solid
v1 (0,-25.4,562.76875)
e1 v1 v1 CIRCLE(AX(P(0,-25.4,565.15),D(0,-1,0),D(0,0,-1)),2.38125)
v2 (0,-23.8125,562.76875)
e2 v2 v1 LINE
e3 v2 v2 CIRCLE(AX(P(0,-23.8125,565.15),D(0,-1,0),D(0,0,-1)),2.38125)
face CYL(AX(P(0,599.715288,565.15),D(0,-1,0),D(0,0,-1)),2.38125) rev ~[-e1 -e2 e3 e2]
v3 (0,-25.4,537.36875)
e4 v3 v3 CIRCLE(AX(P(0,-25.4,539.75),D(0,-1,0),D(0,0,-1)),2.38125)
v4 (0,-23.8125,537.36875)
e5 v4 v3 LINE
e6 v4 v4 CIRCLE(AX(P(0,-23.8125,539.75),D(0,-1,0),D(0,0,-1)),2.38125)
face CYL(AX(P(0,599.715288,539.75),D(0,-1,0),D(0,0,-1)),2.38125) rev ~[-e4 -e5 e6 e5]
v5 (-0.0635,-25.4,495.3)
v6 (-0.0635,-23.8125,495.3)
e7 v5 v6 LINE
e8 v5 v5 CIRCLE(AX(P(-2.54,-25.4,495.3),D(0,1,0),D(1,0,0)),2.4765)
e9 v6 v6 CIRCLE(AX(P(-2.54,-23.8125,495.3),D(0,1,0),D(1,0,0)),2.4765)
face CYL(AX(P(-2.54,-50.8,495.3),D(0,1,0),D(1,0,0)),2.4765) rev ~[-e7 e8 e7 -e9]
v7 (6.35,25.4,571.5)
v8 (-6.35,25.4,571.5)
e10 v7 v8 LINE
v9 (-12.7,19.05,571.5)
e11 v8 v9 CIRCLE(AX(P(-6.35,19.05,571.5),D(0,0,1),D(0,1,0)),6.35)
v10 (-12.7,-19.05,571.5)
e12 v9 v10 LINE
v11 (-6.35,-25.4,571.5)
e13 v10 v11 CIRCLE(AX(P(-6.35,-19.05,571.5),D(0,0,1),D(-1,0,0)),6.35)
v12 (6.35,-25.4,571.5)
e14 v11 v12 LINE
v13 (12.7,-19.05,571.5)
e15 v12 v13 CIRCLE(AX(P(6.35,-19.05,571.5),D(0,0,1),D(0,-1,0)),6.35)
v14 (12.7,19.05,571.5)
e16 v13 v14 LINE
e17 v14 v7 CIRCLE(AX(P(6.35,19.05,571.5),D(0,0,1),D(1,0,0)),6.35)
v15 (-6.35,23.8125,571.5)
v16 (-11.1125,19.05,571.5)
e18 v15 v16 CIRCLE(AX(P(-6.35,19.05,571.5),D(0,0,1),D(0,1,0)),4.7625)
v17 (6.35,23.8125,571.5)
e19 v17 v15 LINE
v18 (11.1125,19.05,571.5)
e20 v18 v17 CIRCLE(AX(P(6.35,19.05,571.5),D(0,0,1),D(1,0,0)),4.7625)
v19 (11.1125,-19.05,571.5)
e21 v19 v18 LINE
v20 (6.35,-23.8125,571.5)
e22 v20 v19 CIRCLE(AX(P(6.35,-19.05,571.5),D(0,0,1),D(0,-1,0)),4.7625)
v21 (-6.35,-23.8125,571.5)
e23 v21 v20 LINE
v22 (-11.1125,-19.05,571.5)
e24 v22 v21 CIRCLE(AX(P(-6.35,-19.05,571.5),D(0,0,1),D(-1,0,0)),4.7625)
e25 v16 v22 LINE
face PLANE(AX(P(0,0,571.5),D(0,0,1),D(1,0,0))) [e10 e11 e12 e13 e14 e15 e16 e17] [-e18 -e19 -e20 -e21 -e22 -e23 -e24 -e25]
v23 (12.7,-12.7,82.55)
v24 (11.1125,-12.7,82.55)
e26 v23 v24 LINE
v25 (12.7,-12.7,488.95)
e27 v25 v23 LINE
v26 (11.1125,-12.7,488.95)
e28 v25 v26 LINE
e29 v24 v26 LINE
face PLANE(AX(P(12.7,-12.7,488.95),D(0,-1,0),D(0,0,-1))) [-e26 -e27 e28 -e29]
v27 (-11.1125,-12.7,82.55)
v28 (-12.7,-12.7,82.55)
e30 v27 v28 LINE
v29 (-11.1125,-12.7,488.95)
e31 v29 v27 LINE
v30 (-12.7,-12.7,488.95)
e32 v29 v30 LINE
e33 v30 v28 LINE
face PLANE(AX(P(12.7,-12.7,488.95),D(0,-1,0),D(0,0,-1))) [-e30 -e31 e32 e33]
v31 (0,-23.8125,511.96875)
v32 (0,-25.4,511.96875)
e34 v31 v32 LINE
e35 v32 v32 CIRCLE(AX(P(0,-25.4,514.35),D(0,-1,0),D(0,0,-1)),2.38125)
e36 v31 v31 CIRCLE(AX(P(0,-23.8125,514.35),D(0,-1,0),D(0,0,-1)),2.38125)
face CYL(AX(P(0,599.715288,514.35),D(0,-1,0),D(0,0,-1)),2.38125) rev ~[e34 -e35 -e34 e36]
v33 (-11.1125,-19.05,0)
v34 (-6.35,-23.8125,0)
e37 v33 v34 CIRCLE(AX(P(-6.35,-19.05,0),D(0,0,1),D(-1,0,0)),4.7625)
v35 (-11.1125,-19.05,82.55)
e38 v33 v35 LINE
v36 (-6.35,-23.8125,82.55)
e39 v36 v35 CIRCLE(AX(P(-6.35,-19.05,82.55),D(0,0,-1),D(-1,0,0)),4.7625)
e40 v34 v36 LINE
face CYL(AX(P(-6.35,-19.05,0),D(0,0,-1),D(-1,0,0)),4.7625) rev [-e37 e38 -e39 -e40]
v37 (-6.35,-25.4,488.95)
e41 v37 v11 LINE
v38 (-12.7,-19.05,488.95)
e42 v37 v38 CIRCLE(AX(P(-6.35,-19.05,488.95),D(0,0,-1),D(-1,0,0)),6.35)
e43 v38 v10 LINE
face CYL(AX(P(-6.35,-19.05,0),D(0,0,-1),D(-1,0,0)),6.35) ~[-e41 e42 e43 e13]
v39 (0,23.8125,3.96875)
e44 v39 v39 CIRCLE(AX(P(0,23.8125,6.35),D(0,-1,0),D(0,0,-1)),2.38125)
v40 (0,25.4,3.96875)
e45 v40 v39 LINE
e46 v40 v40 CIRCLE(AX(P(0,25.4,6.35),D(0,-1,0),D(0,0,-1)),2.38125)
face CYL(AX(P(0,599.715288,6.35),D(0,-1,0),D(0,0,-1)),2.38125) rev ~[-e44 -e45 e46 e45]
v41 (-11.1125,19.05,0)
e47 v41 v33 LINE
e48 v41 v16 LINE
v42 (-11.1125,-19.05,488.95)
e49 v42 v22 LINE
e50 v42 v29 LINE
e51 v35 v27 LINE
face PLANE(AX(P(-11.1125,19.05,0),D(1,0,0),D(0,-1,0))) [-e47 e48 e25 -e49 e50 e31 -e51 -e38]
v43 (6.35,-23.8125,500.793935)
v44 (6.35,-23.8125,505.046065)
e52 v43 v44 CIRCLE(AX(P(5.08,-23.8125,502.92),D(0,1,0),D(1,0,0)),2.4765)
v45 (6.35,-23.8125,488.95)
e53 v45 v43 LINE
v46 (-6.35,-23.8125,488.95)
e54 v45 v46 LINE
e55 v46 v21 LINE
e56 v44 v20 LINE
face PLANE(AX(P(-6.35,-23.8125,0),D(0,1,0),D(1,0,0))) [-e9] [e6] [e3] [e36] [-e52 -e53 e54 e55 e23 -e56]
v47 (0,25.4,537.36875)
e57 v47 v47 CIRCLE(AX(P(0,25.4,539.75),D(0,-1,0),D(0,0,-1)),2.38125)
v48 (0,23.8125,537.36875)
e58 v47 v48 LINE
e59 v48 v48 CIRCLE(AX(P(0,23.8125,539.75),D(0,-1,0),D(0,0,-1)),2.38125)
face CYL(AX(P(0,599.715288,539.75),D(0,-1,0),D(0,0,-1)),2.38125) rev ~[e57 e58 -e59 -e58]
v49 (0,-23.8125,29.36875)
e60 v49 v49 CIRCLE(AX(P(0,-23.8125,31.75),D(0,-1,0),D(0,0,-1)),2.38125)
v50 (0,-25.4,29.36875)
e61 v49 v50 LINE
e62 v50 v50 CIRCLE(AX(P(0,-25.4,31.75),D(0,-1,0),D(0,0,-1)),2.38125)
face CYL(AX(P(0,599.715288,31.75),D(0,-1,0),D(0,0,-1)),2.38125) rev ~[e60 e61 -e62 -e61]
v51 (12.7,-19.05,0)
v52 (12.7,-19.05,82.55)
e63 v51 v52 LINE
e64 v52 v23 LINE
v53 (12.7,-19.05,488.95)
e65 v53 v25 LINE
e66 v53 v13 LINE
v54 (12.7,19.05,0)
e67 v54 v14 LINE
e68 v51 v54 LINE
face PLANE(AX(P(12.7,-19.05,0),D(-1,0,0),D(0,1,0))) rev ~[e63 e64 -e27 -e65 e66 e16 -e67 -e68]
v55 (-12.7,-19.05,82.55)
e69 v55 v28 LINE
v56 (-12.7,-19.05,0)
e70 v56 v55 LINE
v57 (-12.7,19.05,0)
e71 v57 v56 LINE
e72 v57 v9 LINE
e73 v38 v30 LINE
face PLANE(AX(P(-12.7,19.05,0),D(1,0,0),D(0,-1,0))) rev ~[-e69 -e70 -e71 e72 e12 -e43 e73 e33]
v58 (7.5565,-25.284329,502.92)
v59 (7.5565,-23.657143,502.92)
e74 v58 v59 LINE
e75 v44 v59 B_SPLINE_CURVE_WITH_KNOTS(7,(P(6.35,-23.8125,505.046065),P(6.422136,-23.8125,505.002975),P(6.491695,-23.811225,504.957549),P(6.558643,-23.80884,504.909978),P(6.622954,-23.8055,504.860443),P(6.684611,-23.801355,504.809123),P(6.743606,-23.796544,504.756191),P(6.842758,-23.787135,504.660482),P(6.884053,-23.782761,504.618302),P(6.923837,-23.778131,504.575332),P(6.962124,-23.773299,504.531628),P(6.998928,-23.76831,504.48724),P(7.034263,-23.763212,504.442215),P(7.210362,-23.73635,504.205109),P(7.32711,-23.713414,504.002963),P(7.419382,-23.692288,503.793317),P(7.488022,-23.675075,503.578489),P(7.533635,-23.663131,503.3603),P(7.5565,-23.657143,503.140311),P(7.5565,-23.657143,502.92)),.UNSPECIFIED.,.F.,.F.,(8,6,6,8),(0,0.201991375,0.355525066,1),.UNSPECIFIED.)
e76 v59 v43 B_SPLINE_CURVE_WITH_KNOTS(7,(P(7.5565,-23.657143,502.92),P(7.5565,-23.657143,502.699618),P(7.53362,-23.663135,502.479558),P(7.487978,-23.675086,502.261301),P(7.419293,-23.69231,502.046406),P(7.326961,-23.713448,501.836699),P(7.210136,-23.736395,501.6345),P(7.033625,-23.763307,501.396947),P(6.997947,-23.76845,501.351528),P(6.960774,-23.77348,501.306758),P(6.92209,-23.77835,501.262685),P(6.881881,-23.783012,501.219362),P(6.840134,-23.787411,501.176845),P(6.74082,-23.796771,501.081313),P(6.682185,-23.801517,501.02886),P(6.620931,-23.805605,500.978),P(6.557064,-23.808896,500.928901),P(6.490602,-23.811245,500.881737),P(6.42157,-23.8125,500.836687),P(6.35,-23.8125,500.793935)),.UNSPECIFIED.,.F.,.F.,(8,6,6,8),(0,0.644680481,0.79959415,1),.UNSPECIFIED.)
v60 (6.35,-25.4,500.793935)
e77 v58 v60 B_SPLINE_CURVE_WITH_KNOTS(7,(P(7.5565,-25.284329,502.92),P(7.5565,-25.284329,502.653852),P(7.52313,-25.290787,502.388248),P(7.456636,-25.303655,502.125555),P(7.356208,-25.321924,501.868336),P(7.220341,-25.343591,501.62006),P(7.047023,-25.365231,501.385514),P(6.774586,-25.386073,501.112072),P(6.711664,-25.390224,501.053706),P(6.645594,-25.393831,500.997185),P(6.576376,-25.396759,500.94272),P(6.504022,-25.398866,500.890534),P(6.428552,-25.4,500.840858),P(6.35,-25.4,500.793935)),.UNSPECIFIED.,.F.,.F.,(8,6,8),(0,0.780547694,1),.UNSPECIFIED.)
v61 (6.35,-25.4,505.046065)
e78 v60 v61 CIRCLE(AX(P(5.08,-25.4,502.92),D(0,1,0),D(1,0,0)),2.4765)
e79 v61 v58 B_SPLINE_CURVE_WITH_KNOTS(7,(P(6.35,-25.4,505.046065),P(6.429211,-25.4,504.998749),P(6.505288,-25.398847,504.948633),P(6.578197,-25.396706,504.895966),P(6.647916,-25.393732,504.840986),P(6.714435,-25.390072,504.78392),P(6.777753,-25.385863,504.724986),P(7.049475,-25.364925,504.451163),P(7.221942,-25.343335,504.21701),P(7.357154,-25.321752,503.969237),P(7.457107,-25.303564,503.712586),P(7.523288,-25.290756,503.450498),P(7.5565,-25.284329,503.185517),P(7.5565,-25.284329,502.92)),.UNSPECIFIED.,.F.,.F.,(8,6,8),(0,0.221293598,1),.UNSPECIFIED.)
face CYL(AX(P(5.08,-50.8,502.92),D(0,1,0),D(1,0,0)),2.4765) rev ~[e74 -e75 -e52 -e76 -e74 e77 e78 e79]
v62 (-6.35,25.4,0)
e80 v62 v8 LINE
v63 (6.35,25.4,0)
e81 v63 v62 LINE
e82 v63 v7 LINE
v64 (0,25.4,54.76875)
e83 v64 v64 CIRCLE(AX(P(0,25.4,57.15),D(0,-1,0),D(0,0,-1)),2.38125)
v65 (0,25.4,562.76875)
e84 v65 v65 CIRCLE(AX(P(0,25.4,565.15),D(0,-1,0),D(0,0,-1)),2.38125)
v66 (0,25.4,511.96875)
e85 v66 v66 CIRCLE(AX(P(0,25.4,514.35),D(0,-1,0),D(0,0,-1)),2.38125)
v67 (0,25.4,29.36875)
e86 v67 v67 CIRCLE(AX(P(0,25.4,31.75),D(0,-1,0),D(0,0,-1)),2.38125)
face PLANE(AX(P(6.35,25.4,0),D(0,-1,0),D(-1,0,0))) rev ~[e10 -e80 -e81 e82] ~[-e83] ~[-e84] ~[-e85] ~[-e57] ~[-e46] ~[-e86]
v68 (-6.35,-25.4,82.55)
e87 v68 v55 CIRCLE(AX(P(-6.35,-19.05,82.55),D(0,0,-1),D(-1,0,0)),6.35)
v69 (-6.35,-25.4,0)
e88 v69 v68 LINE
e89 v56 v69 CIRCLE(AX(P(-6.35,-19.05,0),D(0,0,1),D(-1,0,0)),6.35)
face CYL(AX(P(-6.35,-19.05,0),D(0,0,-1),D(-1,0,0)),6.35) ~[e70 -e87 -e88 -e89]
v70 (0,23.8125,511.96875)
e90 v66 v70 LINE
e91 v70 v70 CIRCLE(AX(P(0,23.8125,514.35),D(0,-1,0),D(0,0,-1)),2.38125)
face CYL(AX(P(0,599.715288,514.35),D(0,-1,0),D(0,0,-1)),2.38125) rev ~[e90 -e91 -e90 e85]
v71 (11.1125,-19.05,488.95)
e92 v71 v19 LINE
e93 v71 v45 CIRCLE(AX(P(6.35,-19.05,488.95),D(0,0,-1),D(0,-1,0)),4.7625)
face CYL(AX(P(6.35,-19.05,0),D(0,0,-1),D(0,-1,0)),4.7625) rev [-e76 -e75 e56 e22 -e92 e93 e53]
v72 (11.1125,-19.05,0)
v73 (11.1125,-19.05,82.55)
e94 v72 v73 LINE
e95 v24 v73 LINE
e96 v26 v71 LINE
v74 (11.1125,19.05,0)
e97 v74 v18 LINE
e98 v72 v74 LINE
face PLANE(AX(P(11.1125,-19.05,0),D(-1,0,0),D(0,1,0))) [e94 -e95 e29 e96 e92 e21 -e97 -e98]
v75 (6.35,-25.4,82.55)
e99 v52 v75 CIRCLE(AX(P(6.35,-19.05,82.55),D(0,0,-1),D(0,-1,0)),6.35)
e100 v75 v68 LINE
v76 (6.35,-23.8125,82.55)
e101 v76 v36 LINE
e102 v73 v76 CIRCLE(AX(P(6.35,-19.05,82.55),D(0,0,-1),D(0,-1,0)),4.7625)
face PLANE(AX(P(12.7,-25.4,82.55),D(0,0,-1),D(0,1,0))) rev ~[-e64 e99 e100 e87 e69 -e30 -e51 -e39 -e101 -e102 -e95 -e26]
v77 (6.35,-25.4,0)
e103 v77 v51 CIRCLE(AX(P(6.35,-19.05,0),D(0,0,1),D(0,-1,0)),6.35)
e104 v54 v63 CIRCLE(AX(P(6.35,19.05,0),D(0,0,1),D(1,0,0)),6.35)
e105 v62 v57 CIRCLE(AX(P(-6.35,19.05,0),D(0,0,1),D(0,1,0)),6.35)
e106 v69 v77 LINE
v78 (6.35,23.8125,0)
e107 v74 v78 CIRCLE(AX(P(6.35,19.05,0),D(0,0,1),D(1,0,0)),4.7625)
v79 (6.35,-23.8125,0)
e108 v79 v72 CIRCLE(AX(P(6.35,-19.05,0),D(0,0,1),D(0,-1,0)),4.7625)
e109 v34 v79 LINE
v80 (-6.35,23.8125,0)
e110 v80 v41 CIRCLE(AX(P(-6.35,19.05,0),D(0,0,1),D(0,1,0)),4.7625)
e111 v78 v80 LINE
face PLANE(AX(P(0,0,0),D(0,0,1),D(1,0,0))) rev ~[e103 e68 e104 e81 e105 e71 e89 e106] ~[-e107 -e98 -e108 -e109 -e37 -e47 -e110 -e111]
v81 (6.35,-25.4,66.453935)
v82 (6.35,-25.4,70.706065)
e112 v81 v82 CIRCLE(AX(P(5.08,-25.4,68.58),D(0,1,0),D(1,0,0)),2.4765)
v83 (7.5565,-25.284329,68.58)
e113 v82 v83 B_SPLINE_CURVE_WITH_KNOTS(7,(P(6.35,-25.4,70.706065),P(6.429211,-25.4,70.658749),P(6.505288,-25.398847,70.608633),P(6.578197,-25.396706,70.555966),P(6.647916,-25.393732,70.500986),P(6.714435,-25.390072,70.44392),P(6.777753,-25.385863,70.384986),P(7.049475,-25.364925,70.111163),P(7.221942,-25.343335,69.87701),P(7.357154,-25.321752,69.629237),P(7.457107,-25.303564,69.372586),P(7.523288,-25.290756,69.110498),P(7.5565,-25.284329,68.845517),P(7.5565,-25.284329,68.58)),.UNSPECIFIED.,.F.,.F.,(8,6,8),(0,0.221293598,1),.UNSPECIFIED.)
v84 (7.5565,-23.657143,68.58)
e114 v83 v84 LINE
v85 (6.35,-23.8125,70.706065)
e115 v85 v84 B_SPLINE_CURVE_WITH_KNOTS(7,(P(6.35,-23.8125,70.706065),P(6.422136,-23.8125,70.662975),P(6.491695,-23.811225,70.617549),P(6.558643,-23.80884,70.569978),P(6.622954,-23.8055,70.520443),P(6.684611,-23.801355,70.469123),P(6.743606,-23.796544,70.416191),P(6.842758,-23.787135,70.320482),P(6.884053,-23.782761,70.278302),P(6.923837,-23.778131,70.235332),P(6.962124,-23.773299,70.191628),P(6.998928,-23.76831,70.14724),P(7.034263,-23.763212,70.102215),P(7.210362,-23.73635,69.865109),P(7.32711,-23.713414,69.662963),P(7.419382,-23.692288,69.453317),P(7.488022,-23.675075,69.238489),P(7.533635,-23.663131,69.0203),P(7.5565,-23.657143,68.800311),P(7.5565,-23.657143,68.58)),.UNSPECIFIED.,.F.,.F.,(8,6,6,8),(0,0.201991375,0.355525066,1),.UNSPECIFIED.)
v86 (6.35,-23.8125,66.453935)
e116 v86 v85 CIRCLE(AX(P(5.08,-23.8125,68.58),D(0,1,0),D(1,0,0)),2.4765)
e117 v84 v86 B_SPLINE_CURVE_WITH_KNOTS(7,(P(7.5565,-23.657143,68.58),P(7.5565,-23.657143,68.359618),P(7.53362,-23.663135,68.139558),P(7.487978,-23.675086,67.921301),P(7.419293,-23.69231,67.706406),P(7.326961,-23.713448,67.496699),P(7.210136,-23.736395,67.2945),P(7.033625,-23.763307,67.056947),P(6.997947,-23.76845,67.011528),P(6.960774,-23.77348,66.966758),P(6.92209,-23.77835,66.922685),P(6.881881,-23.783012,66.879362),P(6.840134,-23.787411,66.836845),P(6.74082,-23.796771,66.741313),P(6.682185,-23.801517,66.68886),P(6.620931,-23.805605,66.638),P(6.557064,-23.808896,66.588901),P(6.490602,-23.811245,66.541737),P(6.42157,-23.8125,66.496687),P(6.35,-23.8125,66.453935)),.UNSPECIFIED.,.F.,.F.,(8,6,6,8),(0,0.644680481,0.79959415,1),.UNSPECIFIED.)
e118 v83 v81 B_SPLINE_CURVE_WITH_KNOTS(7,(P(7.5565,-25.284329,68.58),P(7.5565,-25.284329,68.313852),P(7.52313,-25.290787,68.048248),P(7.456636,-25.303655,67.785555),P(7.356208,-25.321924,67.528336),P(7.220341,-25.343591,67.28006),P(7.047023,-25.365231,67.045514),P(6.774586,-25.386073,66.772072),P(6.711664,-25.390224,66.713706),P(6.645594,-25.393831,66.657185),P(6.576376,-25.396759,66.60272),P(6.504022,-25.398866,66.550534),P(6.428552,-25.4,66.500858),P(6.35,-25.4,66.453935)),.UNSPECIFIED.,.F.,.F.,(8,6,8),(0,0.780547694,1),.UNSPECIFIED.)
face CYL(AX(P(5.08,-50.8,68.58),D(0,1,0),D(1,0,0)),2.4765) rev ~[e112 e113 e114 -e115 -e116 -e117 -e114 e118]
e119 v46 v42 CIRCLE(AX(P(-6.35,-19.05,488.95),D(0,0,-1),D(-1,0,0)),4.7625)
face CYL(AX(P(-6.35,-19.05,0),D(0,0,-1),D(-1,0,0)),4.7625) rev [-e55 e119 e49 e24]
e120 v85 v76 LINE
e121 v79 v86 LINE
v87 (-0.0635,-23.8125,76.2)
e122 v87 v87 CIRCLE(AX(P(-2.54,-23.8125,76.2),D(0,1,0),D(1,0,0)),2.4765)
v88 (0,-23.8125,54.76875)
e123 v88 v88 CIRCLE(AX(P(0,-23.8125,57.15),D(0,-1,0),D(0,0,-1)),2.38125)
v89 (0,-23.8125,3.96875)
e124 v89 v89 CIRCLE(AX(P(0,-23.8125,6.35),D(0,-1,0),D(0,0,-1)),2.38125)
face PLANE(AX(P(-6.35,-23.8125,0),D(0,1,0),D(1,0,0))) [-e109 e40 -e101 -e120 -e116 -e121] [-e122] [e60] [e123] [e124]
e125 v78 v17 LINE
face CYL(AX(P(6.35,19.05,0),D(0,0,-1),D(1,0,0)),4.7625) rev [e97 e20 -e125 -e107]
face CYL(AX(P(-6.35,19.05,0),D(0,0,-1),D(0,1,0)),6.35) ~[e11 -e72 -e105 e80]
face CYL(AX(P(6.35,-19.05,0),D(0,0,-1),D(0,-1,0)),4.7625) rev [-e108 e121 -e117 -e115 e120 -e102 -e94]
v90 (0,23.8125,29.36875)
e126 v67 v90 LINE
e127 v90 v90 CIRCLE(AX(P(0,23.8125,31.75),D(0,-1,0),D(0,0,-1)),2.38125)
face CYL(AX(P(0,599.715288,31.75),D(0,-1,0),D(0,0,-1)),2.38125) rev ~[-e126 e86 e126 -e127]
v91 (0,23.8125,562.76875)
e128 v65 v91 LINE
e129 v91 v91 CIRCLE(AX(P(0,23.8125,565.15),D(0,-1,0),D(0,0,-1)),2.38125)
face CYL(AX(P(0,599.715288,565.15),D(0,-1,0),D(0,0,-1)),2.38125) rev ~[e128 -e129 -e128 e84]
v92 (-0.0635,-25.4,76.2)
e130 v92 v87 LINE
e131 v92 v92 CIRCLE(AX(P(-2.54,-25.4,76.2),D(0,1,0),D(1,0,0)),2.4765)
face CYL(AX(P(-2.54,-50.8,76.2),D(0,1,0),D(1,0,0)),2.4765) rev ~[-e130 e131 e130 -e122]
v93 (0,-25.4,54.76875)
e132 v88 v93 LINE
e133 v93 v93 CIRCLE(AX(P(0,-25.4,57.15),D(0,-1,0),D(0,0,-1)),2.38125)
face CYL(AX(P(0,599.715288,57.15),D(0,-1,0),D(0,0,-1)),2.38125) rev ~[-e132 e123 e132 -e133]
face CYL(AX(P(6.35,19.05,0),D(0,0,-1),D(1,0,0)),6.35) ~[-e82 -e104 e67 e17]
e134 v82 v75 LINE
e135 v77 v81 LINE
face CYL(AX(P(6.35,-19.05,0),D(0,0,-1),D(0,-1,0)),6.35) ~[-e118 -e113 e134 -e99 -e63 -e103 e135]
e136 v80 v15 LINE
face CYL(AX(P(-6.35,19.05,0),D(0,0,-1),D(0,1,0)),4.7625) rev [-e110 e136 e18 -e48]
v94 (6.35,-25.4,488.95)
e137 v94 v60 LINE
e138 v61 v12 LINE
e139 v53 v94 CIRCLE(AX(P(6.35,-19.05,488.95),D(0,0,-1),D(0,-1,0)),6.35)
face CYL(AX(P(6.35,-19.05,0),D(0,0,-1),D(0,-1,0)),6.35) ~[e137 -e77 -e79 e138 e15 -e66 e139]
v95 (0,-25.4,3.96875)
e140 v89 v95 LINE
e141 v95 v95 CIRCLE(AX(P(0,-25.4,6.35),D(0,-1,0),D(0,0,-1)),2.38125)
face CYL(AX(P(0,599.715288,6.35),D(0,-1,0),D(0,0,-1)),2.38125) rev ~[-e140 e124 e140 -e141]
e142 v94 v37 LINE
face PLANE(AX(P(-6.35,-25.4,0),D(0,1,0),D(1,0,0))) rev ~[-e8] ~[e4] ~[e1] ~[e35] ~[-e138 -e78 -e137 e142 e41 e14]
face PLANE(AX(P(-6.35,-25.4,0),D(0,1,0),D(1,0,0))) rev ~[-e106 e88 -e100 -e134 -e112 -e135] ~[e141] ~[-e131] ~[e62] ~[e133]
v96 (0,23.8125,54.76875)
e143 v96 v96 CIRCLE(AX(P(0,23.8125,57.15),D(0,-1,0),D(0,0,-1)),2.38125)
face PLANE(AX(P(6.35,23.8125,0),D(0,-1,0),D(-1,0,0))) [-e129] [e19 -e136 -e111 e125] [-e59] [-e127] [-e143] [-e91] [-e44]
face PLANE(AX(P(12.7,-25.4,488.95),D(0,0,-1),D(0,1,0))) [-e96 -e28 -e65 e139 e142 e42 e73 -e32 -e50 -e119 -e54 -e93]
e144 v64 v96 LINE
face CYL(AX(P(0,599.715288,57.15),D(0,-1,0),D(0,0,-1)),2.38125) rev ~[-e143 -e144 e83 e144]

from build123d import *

# Parameters (mm, degrees)
EXTRUDE_THIN1_DEPTH               = 571.5
F_3_16_0_1875_DIAMETER_HOLE1_D    = 4.7625
SKETCH5_W                         = 406.4
SKETCH5_H                         = 12.7
CUT_EXTRUDE1_DEPTH                = 573.627776134
F_3_16_0_195_DIAMETER_HOLE1_D     = 4.953
F_3_16_0_195_DIAMETER_HOLE1_DEPTH = 25.4
F_3_16_0_195_DIAMETER_HOLE1_TIP   = 1.488031323


with BuildPart() as part:
    # Sketch1 → Extrude-Thin1 (new body)
    with BuildSketch(Plane.XY):
        with BuildLine():
            Line((-12.7, 19.05), (-12.7, -19.05))
            ThreePointArc((-12.7, -19.05), (-10.840128061, -23.540128061), (-6.35, -25.4))
            Line((-6.35, -25.4), (6.35, -25.4))
            ThreePointArc((6.35, -25.4), (10.840128061, -23.540128061), (12.7, -19.05))
            Line((12.7, -19.05), (12.7, 19.05))
            ThreePointArc((12.7, 19.05), (10.840128061, 23.540128061), (6.35, 25.4))
            Line((6.35, 25.4), (-6.35, 25.4))
            ThreePointArc((-6.35, 25.4), (-10.840128061, 23.540128061), (-12.7, 19.05))
        make_face()
        with BuildLine():
            Line((-11.1125, 19.05), (-11.1125, -19.05))
            ThreePointArc((-11.1125, -19.05), (-9.717596045, -22.417596045), (-6.35, -23.8125))
            Line((-6.35, -23.8125), (6.35, -23.8125))
            ThreePointArc((6.35, -23.8125), (9.717596045, -22.417596045), (11.1125, -19.05))
            Line((11.1125, -19.05), (11.1125, 19.05))
            ThreePointArc((11.1125, 19.05), (9.717596045, 22.417596045), (6.35, 23.8125))
            Line((6.35, 23.8125), (-6.35, 23.8125))
            ThreePointArc((-6.35, 23.8125), (-9.717596045, 22.417596045), (-11.1125, 19.05))
        make_face(mode=Mode.SUBTRACT)
    extrude(amount=EXTRUDE_THIN1_DEPTH)

    # 3/16 (0.1875) Diameter Hole1 (through all)
    with Locations(Plane(origin=(0, 25.4, 565.15), x_dir=(0, 0, 1), z_dir=(0, 1, 0))):
        with Locations((0, 0), (-558.8, 0), (-533.4, 0), (-508, 0), (-25.4, 0), (-50.8, 0)):
            Hole(F_3_16_0_1875_DIAMETER_HOLE1_D / 2)

    # Sketch5 → Cut-Extrude1 (cut, through all)
    with BuildSketch(Plane(origin=(12.7, 0, 0), x_dir=(0, 0, -1), z_dir=(1, 0, 0))):
        with Locations((-285.75, -19.05)):
            Rectangle(SKETCH5_W, SKETCH5_H)
    extrude(amount=-CUT_EXTRUDE1_DEPTH, mode=Mode.SUBTRACT)

    # 3/16 (0.195) Diameter Hole1
    with Locations(Plane(origin=(0, -25.4, 0), x_dir=(-1, 0, 0), z_dir=(0, -1, 0))):
        with Locations((2.54, -495.3), (-5.08, -502.92), (-5.08, -68.58), (2.54, -76.2)):
            Hole(F_3_16_0_195_DIAMETER_HOLE1_D / 2, depth=F_3_16_0_195_DIAMETER_HOLE1_DEPTH)
            with Locations((0, 0, -(F_3_16_0_195_DIAMETER_HOLE1_DEPTH + F_3_16_0_195_DIAMETER_HOLE1_TIP / 2))):  # 118° drill point
                Cone(0, F_3_16_0_195_DIAMETER_HOLE1_D / 2, F_3_16_0_195_DIAMETER_HOLE1_TIP, mode=Mode.SUBTRACT)


solid = part.part
